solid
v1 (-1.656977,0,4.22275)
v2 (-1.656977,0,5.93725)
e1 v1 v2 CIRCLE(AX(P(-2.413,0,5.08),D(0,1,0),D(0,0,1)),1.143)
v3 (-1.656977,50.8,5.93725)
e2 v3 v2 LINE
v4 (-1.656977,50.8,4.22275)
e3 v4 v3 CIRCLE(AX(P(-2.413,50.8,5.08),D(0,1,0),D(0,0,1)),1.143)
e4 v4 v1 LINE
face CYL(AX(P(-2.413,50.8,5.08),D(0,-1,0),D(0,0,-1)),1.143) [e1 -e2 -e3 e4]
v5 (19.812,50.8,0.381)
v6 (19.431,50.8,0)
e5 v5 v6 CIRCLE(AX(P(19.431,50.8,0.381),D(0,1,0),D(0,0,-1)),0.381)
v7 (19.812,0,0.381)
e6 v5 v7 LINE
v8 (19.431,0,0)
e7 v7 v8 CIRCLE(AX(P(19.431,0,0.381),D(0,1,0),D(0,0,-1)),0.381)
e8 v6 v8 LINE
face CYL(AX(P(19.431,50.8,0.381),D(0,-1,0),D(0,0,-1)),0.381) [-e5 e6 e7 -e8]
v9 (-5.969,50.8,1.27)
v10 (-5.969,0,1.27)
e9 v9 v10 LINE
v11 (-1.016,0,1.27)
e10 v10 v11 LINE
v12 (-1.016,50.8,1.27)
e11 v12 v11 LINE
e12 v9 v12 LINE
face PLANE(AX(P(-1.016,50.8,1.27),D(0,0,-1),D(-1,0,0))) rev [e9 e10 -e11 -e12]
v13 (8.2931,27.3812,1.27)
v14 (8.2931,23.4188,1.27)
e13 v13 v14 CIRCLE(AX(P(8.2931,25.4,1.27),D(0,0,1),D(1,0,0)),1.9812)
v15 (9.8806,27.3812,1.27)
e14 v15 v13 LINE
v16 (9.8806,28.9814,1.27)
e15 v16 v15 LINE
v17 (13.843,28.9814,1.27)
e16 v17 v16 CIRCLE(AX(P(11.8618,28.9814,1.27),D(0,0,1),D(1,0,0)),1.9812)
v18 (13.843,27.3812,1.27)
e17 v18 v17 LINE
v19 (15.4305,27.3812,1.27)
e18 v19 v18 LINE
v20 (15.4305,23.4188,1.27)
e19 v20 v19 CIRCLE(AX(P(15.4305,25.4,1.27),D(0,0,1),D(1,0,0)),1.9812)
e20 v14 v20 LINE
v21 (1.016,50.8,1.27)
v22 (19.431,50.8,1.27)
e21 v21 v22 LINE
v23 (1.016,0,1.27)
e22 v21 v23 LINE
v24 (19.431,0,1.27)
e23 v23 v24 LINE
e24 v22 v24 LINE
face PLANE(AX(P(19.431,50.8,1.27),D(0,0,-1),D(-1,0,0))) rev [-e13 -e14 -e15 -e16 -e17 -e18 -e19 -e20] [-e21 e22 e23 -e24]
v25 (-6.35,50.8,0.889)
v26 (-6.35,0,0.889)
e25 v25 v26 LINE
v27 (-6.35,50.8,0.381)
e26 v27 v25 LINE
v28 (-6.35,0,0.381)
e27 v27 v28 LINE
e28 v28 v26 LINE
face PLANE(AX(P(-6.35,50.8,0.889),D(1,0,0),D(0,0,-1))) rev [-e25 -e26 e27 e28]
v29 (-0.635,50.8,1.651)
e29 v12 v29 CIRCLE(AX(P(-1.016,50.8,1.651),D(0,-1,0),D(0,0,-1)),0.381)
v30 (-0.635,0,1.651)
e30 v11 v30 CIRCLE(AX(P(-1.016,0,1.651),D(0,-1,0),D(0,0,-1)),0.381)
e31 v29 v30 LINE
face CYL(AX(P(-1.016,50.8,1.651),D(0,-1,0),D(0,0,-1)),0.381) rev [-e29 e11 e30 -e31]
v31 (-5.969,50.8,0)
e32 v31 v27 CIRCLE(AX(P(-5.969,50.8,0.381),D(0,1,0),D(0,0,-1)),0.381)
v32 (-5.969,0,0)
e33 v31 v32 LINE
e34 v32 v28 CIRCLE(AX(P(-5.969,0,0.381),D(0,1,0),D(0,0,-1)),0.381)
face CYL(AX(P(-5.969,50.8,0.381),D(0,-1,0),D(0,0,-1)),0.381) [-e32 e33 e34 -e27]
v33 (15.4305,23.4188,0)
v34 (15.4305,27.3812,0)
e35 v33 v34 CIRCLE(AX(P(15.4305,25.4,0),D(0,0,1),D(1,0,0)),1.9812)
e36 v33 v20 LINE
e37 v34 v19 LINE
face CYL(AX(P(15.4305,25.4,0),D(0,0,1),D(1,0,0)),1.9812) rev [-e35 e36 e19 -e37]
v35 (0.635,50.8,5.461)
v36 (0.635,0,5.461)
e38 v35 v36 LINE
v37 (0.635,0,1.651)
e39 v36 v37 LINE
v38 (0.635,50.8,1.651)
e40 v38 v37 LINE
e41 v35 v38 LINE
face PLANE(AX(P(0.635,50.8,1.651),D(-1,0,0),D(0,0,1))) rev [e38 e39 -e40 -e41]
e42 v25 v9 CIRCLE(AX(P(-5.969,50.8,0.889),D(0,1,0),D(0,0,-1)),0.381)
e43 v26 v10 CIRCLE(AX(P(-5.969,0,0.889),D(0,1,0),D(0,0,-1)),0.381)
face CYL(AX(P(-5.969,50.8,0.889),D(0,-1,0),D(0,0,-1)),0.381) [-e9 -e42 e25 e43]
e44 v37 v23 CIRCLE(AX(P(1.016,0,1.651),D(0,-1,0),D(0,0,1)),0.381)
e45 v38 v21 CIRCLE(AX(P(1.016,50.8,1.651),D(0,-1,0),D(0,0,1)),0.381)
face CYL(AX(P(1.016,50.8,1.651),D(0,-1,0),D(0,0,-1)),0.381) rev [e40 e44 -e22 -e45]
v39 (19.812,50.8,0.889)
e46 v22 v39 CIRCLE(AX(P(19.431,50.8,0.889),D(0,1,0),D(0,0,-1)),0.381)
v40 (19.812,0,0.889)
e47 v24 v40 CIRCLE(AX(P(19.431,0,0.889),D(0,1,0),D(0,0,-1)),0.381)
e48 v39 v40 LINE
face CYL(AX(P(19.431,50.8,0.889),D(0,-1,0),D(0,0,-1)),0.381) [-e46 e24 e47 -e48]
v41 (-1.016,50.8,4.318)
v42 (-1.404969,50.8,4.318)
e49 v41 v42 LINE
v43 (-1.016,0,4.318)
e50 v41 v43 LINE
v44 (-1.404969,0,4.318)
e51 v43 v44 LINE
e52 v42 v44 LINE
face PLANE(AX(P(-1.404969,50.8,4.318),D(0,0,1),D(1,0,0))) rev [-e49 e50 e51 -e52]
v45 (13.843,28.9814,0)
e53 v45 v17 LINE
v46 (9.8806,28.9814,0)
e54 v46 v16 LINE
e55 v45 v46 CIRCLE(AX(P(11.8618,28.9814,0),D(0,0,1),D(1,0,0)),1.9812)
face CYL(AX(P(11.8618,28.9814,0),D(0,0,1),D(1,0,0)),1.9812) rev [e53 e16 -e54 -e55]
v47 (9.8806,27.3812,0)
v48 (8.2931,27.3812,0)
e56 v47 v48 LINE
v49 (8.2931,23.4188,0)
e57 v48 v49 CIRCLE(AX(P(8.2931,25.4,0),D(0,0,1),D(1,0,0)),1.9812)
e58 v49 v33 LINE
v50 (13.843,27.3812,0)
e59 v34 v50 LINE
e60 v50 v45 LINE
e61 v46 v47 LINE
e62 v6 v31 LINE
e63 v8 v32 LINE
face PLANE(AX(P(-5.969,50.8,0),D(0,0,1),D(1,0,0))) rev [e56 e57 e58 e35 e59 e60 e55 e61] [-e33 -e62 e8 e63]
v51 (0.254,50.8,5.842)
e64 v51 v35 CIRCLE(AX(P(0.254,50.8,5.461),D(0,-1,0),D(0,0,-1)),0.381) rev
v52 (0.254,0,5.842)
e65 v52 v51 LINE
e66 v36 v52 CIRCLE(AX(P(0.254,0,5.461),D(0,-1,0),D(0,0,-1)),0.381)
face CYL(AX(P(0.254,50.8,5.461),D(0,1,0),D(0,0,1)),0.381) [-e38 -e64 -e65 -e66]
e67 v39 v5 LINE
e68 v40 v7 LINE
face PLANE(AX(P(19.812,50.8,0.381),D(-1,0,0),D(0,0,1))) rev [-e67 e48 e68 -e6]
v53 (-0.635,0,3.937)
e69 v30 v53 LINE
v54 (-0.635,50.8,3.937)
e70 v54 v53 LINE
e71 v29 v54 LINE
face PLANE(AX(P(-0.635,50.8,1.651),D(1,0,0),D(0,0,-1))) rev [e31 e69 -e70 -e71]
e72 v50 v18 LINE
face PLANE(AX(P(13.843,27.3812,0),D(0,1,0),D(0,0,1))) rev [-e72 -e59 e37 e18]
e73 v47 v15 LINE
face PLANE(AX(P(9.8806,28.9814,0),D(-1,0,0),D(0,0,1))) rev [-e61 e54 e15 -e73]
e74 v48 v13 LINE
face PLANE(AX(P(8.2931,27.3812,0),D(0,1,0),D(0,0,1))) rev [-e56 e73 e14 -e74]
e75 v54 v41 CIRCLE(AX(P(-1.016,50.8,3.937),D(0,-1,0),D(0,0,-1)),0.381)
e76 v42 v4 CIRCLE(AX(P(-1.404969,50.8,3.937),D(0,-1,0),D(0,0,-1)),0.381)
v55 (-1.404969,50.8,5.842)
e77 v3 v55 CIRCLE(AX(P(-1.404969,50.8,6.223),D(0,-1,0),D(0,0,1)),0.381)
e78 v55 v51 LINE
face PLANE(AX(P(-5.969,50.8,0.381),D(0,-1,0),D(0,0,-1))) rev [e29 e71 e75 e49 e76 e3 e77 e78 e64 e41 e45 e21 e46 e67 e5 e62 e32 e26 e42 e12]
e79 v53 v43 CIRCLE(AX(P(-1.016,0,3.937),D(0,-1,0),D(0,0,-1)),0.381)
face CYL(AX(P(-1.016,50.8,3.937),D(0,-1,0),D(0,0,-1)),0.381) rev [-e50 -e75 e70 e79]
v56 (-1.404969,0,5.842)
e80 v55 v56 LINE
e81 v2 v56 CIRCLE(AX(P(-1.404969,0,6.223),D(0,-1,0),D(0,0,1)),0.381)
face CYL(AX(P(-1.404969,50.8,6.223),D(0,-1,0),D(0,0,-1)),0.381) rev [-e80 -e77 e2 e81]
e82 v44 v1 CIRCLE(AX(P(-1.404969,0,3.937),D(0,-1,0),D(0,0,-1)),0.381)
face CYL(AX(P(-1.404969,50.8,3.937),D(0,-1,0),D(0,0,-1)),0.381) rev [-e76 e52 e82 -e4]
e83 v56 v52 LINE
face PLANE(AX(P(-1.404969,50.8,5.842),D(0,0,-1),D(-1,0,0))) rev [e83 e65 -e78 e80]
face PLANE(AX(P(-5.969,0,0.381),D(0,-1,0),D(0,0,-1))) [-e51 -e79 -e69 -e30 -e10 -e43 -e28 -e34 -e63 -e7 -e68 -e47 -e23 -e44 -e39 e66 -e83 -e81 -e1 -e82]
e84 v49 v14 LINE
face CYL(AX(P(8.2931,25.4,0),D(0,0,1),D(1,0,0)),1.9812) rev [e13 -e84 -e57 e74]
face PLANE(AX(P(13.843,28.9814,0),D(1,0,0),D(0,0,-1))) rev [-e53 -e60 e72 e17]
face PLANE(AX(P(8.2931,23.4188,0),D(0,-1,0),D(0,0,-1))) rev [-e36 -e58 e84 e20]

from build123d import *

# Parameters (mm, degrees)
BOSS_EXTRUDE1_DEPTH = 50.8
SKETCH4_W           = 2.921
SKETCH4_H           = 4.572
CUT_EXTRUDE2_DEPTH  = 51.8
FILLET1_R           = 0.381
CUT_EXTRUDE1_DEPTH  = 2.27


with BuildPart() as part:
    # Sketch2 → Boss-Extrude1 (new body)
    with BuildSketch(Plane(origin=(0, 0, 0), x_dir=(1, 0, 0), z_dir=(0, 1, 0))):
        with BuildLine():
            Line((-5.969, 0), (19.431, 0))
            ThreePointArc((19.431, 0), (19.700407684, -0.111592316), (19.812, -0.381))
            Line((19.812, -0.381), (19.812, -0.889))
            ThreePointArc((19.812, -0.889), (19.700407684, -1.158407684), (19.431, -1.27))
            Line((19.431, -1.27), (1.016, -1.27))
            ThreePointArc((1.016, -1.27), (0.746592316, -1.381592316), (0.635, -1.651))
            Line((0.635, -1.651), (0.635, -3.937))
            ThreePointArc((0.635, -3.937), (0.746592316, -4.206407684), (1.016, -4.318))
            Line((1.016, -4.318), (1.40496875, -4.318))
            ThreePointArc((1.40496875, -4.318), (1.539672592, -4.293392866), (1.656976563, -4.22275))
            ThreePointArc((1.656976563, -4.22275), (3.556, -5.08), (1.656976563, -5.93725))
            ThreePointArc((1.656976563, -5.93725), (1.539672592, -5.866607134), (1.40496875, -5.842))
            Line((1.40496875, -5.842), (-1.40496875, -5.842))
            ThreePointArc((-1.40496875, -5.842), (-1.539672592, -5.866607134), (-1.656976563, -5.93725))
            ThreePointArc((-1.656976563, -5.93725), (-3.556, -5.08), (-1.656976563, -4.22275))
            ThreePointArc((-1.656976563, -4.22275), (-1.539672592, -4.293392866), (-1.40496875, -4.318))
            Line((-1.40496875, -4.318), (-1.016, -4.318))
            ThreePointArc((-1.016, -4.318), (-0.746592316, -4.206407684), (-0.635, -3.937))
            Line((-0.635, -3.937), (-0.635, -1.651))
            ThreePointArc((-0.635, -1.651), (-0.746592316, -1.381592316), (-1.016, -1.27))
            Line((-1.016, -1.27), (-5.969, -1.27))
            ThreePointArc((-5.969, -1.27), (-6.238407684, -1.158407684), (-6.35, -0.889))
            Line((-6.35, -0.889), (-6.35, -0.381))
            ThreePointArc((-6.35, -0.381), (-6.238407684, -0.111592316), (-5.969, 0))
        make_face()
    extrude(amount=BOSS_EXTRUDE1_DEPTH)

    # Sketch4 → Cut-Extrude2 (cut, through all)
    with BuildSketch(Plane.XZ):
        with Locations((2.0955, 3.937)):
            Rectangle(SKETCH4_W, SKETCH4_H)
    extrude(amount=-CUT_EXTRUDE2_DEPTH, mode=Mode.SUBTRACT)

    # Fillet1
    fillet1_edges = [part.edges().sort_by_distance(p)[0] for p in [
        (0.635, 25.4, 5.842),
    ]]
    fillet(fillet1_edges, radius=FILLET1_R)

    # Sketch3 → Cut-Extrude1 (cut, through all)
    with BuildSketch(Plane.XY.offset(1.27)):
        with BuildLine():
            Line((8.2931, 27.3812), (9.8806, 27.3812))
            Line((9.8806, 27.3812), (9.8806, 28.9814))
            ThreePointArc((9.8806, 28.9814), (11.8618, 30.9626), (13.843, 28.9814))
            Line((13.843, 28.9814), (13.843, 27.3812))
            Line((13.843, 27.3812), (15.4305, 27.3812))
            ThreePointArc((15.4305, 27.3812), (17.4117, 25.4), (15.4305, 23.4188))
            Line((15.4305, 23.4188), (8.2931, 23.4188))
            ThreePointArc((8.2931, 23.4188), (6.3119, 25.4), (8.2931, 27.3812))
        make_face()
    extrude(amount=-CUT_EXTRUDE1_DEPTH, mode=Mode.SUBTRACT)


solid = part.part
